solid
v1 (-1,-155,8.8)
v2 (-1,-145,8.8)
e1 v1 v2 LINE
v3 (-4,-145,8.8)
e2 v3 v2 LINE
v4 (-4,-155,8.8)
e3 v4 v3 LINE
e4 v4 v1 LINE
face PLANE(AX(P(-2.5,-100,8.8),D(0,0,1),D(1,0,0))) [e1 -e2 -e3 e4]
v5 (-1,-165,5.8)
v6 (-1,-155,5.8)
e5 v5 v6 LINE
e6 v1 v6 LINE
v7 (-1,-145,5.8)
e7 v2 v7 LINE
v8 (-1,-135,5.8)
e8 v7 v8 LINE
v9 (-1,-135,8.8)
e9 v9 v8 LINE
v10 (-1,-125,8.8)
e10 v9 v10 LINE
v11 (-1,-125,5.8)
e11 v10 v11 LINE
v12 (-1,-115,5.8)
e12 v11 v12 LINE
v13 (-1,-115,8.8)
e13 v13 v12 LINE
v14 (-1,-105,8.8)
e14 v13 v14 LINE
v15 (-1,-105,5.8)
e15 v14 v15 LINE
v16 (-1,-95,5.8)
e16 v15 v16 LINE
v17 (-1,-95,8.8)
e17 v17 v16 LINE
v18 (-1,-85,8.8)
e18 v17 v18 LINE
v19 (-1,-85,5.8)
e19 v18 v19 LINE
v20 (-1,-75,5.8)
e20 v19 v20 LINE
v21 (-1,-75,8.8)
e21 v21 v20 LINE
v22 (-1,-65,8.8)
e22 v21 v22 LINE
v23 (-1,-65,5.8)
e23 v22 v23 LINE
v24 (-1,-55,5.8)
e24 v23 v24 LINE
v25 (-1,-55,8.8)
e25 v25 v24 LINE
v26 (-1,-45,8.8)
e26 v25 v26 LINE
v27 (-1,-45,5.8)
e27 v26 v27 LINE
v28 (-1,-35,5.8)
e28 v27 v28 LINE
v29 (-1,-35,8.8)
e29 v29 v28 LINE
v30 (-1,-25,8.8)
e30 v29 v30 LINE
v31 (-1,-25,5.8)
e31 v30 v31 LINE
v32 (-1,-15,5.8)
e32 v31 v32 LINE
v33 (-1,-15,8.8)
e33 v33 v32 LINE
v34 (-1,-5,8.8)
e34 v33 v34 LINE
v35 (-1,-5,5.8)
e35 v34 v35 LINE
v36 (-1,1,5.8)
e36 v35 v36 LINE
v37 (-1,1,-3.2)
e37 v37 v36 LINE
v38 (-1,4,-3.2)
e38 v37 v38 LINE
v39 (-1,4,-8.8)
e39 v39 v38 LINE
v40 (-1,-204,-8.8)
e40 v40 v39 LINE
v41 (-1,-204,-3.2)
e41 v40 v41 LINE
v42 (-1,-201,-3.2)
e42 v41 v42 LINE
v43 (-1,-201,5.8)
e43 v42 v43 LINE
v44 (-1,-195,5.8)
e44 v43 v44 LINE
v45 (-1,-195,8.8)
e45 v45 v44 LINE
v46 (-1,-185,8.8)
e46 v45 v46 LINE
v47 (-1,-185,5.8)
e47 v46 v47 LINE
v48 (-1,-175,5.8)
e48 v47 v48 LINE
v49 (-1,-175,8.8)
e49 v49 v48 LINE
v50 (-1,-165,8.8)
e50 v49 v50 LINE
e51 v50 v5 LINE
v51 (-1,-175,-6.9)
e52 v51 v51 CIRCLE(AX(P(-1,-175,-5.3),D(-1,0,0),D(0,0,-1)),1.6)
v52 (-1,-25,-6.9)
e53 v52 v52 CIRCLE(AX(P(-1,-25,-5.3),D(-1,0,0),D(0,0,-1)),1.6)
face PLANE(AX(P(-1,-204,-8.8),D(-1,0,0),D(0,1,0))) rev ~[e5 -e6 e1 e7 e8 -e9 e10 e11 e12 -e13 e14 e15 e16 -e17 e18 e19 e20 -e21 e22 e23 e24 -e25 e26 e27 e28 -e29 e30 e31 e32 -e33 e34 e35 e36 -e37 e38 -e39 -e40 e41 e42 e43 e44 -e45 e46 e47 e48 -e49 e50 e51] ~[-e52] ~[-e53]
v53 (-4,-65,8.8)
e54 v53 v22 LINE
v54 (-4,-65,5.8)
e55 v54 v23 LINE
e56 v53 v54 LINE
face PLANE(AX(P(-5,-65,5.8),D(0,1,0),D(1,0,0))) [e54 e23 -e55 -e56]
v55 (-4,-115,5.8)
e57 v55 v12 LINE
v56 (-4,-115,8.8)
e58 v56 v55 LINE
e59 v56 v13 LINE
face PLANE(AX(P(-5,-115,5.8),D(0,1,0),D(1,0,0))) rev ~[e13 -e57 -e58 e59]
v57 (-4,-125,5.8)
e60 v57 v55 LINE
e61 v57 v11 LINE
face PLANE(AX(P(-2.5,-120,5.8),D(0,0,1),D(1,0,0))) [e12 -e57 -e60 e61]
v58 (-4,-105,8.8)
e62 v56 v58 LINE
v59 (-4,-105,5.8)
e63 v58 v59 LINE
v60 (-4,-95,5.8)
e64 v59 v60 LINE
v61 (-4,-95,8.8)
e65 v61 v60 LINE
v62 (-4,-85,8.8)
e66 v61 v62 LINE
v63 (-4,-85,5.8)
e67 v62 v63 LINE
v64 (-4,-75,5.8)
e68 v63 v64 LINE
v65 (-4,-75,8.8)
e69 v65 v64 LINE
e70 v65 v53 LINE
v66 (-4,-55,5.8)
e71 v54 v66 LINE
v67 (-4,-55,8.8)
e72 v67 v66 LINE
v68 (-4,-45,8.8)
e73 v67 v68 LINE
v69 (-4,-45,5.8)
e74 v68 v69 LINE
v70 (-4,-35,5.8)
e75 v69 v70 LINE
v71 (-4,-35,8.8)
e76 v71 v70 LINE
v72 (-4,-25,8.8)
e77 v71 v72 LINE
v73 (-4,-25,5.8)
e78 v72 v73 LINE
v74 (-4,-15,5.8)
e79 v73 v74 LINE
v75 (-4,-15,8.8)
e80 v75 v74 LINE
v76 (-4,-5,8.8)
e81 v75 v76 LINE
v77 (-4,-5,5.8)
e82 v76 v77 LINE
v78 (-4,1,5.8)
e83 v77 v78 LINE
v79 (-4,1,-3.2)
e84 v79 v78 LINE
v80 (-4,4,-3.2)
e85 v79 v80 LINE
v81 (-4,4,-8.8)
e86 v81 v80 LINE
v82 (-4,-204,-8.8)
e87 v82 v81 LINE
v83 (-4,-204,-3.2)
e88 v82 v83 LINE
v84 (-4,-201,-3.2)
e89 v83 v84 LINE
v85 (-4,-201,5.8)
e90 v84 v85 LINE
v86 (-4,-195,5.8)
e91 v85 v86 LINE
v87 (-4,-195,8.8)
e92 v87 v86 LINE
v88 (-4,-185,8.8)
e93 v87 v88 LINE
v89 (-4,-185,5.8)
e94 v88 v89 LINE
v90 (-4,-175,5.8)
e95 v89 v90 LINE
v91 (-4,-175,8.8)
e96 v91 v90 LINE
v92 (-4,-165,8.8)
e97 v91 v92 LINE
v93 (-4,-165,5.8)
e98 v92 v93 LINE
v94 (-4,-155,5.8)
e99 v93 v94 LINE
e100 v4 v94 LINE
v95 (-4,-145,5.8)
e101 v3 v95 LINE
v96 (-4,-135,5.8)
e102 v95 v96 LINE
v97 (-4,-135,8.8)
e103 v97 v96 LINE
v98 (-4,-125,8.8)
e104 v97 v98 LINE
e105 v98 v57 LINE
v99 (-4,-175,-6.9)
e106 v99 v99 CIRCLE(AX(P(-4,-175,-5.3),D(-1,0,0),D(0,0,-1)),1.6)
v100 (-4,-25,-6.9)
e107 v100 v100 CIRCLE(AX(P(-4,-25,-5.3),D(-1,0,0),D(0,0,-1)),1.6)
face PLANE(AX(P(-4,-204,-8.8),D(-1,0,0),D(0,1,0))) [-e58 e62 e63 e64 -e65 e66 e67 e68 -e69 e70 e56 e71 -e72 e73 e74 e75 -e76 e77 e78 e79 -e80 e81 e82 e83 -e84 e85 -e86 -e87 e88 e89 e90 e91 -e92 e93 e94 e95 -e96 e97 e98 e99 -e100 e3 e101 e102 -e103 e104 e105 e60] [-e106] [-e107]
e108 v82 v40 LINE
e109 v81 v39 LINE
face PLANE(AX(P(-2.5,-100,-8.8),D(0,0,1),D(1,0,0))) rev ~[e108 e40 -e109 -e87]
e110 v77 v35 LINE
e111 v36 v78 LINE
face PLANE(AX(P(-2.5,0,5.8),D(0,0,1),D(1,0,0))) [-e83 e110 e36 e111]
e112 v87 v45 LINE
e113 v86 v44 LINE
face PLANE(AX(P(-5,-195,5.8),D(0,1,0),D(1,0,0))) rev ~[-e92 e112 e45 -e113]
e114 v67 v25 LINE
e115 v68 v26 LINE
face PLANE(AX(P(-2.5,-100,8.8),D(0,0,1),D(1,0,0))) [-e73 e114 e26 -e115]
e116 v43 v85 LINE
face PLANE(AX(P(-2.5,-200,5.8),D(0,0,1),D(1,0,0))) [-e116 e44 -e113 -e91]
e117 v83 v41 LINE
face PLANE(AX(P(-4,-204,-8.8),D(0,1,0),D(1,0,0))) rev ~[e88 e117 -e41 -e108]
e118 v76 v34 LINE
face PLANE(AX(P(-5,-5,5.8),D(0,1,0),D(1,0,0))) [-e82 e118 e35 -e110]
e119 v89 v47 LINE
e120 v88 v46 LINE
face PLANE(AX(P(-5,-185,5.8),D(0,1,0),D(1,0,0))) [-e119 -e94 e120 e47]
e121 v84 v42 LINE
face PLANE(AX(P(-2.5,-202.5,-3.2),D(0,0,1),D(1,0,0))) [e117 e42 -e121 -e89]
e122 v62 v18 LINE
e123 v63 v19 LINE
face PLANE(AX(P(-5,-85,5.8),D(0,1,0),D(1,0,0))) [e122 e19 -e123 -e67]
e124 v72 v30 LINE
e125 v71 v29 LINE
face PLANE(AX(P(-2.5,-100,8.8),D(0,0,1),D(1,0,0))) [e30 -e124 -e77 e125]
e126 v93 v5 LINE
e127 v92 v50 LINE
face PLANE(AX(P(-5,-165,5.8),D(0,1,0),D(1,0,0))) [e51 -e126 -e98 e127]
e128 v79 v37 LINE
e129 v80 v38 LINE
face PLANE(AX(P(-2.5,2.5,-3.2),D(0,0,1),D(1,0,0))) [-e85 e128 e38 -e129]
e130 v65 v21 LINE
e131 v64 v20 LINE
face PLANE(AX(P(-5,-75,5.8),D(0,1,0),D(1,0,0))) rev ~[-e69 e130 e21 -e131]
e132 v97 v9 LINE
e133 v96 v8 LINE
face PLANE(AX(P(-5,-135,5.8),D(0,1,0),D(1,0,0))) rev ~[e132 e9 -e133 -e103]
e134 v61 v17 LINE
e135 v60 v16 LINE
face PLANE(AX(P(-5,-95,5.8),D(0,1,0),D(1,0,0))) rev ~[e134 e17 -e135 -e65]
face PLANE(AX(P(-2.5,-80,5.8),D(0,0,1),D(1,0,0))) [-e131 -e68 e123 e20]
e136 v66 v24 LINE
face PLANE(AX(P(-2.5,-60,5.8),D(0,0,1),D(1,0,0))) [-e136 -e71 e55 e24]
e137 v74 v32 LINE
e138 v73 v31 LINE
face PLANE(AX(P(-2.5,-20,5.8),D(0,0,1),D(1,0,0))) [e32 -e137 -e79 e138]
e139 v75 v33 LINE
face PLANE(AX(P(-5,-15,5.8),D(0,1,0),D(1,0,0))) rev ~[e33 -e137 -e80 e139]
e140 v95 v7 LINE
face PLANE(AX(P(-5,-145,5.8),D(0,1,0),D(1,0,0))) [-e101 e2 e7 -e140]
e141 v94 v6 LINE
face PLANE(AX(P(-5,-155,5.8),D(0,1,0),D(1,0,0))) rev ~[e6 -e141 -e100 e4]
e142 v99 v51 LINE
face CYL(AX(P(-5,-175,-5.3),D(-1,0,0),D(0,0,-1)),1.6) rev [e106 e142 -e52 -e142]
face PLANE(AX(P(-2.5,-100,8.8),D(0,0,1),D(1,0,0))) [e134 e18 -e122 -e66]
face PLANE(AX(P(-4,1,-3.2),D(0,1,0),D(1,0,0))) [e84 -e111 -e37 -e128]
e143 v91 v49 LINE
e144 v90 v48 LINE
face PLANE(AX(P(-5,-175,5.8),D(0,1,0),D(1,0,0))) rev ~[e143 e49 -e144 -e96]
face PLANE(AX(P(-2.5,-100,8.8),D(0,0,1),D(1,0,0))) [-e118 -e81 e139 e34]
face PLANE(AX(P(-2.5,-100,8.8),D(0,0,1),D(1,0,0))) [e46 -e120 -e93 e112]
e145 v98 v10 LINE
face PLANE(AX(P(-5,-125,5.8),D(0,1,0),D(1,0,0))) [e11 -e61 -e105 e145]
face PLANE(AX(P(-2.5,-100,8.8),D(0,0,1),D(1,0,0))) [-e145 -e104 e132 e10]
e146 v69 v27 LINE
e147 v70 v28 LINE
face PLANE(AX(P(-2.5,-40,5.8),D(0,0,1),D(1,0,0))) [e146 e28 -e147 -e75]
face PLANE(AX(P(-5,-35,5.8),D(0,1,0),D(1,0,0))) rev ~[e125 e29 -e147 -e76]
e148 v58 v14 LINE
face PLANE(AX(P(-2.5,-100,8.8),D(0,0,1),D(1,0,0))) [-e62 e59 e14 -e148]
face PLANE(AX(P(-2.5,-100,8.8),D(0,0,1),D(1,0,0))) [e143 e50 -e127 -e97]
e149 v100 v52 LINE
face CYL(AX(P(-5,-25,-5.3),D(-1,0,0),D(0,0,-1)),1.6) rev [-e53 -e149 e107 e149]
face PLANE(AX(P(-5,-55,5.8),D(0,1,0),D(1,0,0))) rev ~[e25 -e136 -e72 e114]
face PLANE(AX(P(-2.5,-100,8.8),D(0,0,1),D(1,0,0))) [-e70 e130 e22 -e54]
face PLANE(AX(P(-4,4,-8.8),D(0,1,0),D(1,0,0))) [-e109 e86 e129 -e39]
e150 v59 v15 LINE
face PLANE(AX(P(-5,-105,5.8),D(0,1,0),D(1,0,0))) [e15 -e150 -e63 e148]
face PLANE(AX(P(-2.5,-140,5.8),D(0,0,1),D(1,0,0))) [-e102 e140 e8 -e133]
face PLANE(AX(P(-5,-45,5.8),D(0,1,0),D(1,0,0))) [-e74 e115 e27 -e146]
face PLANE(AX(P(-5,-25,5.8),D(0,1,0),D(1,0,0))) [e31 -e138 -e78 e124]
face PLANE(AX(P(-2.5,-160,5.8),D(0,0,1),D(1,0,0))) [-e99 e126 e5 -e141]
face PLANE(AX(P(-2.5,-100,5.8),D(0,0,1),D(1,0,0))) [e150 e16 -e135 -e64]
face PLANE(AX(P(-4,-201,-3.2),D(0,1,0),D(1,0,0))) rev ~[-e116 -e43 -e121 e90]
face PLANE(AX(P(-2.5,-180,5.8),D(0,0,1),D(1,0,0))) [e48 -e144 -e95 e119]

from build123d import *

# Parameters (mm, degrees)
CYLINDER025_R           = 1.6
CYLINDER025_DEPTH       = 10
CYLINDER025_PITCH_ANGLE = 90
CYLINDER024_R           = 1.6
CYLINDER024_DEPTH       = 10
CYLINDER024_PITCH_ANGLE = 90
BOX040_W                = 3
BOX040_H                = 3
BOX040_DEPTH            = 10
BOX039_W                = 3
BOX039_H                = 3
BOX039_DEPTH            = 10
BOX038_W                = 5
BOX038_H                = 10
BOX038_DEPTH            = 3
ARRAY022_Y_COUNT        = 11
ARRAY022_Y_PITCH        = 20
BOX037_W                = 3
BOX037_H                = 208
BOX037_DEPTH            = 17.6


with BuildPart() as cylinder025:
    # Cylinder025 → Cylinder025 (new body)
    with BuildSketch(Plane.XY):
        Circle(CYLINDER025_R)
    extrude(amount=CYLINDER025_DEPTH)


with BuildPart() as cylinder025_1:
    # Cylinder025 pitch: moved
    add(cylinder025.part.rotate(Axis((0, 0, 0), (0, 1, 0)), CYLINDER025_PITCH_ANGLE))


with BuildPart() as cylinder025_2:
    # Cylinder025 placement: moved
    add(cylinder025_1.part.moved(Location((-5, -25, -5.3))))


with BuildPart() as cylinder024:
    # Cylinder024 → Cylinder024 (new body)
    with BuildSketch(Plane.XY):
        Circle(CYLINDER024_R)
    extrude(amount=CYLINDER024_DEPTH)


with BuildPart() as cylinder024_1:
    # Cylinder024 pitch: moved
    add(cylinder024.part.rotate(Axis((0, 0, 0), (0, 1, 0)), CYLINDER024_PITCH_ANGLE))


with BuildPart() as cylinder024_2:
    # Cylinder024 placement: moved
    add(cylinder024_1.part.moved(Location((-5, -175, -5.3))))


with BuildPart() as cube040:
    # Box040 → Box040 (new body)
    with BuildSketch(Plane(origin=(-4, -204, -3.2), x_dir=(1, 0, 0), z_dir=(0, 0, 1))):
        with Locations((1.5, 1.5)):
            Rectangle(BOX040_W, BOX040_H)
    extrude(amount=BOX040_DEPTH)


with BuildPart() as cube039:
    # Box039 → Box039 (new body)
    with BuildSketch(Plane(origin=(-4, 1, -3.2), x_dir=(1, 0, 0), z_dir=(0, 0, 1))):
        with Locations((1.5, 1.5)):
            Rectangle(BOX039_W, BOX039_H)
    extrude(amount=BOX039_DEPTH)


with BuildPart() as array022:
    # Box038 → Box038 (new body)
    with BuildSketch(Plane(origin=(-1, -1, 7), x_dir=(1, 0, 0), z_dir=(0, 0, 1))):
        with Locations((2.5, 5)):
            Rectangle(BOX038_W, BOX038_H)
    extrude(amount=BOX038_DEPTH)

    # Array022 Y: Array022 ×11


with BuildPart() as array022_1:
    add(array022.part)
    with Locations(*[(0, i * ARRAY022_Y_PITCH, 0) for i in range(1, ARRAY022_Y_COUNT)]):
        add(array022.part)


with BuildPart() as sidepanel01:
    # Box037 → Box037 (new body)
    with BuildSketch(Plane.XY.offset(-7.6)):
        with Locations((1.5, 104)):
            Rectangle(BOX037_W, BOX037_H)
    extrude(amount=BOX037_DEPTH)

    # Cut035: cut Array022
    add(array022_1.part, mode=Mode.SUBTRACT)


with BuildPart() as sidepanel01_1:
    # Cut035 placement: moved
    add(sidepanel01.part.moved(Location((-4, -204, -1.2))))

    # Cut036: cut Cube039
    add(cube039.part, mode=Mode.SUBTRACT)

    # Cut037: cut Cube040
    add(cube040.part, mode=Mode.SUBTRACT)

    # Cut050: cut Cylinder024
    add(cylinder024_2.part, mode=Mode.SUBTRACT)

    # Cut051: cut Cylinder025
    add(cylinder025_2.part, mode=Mode.SUBTRACT)


solid = sidepanel01_1.part
